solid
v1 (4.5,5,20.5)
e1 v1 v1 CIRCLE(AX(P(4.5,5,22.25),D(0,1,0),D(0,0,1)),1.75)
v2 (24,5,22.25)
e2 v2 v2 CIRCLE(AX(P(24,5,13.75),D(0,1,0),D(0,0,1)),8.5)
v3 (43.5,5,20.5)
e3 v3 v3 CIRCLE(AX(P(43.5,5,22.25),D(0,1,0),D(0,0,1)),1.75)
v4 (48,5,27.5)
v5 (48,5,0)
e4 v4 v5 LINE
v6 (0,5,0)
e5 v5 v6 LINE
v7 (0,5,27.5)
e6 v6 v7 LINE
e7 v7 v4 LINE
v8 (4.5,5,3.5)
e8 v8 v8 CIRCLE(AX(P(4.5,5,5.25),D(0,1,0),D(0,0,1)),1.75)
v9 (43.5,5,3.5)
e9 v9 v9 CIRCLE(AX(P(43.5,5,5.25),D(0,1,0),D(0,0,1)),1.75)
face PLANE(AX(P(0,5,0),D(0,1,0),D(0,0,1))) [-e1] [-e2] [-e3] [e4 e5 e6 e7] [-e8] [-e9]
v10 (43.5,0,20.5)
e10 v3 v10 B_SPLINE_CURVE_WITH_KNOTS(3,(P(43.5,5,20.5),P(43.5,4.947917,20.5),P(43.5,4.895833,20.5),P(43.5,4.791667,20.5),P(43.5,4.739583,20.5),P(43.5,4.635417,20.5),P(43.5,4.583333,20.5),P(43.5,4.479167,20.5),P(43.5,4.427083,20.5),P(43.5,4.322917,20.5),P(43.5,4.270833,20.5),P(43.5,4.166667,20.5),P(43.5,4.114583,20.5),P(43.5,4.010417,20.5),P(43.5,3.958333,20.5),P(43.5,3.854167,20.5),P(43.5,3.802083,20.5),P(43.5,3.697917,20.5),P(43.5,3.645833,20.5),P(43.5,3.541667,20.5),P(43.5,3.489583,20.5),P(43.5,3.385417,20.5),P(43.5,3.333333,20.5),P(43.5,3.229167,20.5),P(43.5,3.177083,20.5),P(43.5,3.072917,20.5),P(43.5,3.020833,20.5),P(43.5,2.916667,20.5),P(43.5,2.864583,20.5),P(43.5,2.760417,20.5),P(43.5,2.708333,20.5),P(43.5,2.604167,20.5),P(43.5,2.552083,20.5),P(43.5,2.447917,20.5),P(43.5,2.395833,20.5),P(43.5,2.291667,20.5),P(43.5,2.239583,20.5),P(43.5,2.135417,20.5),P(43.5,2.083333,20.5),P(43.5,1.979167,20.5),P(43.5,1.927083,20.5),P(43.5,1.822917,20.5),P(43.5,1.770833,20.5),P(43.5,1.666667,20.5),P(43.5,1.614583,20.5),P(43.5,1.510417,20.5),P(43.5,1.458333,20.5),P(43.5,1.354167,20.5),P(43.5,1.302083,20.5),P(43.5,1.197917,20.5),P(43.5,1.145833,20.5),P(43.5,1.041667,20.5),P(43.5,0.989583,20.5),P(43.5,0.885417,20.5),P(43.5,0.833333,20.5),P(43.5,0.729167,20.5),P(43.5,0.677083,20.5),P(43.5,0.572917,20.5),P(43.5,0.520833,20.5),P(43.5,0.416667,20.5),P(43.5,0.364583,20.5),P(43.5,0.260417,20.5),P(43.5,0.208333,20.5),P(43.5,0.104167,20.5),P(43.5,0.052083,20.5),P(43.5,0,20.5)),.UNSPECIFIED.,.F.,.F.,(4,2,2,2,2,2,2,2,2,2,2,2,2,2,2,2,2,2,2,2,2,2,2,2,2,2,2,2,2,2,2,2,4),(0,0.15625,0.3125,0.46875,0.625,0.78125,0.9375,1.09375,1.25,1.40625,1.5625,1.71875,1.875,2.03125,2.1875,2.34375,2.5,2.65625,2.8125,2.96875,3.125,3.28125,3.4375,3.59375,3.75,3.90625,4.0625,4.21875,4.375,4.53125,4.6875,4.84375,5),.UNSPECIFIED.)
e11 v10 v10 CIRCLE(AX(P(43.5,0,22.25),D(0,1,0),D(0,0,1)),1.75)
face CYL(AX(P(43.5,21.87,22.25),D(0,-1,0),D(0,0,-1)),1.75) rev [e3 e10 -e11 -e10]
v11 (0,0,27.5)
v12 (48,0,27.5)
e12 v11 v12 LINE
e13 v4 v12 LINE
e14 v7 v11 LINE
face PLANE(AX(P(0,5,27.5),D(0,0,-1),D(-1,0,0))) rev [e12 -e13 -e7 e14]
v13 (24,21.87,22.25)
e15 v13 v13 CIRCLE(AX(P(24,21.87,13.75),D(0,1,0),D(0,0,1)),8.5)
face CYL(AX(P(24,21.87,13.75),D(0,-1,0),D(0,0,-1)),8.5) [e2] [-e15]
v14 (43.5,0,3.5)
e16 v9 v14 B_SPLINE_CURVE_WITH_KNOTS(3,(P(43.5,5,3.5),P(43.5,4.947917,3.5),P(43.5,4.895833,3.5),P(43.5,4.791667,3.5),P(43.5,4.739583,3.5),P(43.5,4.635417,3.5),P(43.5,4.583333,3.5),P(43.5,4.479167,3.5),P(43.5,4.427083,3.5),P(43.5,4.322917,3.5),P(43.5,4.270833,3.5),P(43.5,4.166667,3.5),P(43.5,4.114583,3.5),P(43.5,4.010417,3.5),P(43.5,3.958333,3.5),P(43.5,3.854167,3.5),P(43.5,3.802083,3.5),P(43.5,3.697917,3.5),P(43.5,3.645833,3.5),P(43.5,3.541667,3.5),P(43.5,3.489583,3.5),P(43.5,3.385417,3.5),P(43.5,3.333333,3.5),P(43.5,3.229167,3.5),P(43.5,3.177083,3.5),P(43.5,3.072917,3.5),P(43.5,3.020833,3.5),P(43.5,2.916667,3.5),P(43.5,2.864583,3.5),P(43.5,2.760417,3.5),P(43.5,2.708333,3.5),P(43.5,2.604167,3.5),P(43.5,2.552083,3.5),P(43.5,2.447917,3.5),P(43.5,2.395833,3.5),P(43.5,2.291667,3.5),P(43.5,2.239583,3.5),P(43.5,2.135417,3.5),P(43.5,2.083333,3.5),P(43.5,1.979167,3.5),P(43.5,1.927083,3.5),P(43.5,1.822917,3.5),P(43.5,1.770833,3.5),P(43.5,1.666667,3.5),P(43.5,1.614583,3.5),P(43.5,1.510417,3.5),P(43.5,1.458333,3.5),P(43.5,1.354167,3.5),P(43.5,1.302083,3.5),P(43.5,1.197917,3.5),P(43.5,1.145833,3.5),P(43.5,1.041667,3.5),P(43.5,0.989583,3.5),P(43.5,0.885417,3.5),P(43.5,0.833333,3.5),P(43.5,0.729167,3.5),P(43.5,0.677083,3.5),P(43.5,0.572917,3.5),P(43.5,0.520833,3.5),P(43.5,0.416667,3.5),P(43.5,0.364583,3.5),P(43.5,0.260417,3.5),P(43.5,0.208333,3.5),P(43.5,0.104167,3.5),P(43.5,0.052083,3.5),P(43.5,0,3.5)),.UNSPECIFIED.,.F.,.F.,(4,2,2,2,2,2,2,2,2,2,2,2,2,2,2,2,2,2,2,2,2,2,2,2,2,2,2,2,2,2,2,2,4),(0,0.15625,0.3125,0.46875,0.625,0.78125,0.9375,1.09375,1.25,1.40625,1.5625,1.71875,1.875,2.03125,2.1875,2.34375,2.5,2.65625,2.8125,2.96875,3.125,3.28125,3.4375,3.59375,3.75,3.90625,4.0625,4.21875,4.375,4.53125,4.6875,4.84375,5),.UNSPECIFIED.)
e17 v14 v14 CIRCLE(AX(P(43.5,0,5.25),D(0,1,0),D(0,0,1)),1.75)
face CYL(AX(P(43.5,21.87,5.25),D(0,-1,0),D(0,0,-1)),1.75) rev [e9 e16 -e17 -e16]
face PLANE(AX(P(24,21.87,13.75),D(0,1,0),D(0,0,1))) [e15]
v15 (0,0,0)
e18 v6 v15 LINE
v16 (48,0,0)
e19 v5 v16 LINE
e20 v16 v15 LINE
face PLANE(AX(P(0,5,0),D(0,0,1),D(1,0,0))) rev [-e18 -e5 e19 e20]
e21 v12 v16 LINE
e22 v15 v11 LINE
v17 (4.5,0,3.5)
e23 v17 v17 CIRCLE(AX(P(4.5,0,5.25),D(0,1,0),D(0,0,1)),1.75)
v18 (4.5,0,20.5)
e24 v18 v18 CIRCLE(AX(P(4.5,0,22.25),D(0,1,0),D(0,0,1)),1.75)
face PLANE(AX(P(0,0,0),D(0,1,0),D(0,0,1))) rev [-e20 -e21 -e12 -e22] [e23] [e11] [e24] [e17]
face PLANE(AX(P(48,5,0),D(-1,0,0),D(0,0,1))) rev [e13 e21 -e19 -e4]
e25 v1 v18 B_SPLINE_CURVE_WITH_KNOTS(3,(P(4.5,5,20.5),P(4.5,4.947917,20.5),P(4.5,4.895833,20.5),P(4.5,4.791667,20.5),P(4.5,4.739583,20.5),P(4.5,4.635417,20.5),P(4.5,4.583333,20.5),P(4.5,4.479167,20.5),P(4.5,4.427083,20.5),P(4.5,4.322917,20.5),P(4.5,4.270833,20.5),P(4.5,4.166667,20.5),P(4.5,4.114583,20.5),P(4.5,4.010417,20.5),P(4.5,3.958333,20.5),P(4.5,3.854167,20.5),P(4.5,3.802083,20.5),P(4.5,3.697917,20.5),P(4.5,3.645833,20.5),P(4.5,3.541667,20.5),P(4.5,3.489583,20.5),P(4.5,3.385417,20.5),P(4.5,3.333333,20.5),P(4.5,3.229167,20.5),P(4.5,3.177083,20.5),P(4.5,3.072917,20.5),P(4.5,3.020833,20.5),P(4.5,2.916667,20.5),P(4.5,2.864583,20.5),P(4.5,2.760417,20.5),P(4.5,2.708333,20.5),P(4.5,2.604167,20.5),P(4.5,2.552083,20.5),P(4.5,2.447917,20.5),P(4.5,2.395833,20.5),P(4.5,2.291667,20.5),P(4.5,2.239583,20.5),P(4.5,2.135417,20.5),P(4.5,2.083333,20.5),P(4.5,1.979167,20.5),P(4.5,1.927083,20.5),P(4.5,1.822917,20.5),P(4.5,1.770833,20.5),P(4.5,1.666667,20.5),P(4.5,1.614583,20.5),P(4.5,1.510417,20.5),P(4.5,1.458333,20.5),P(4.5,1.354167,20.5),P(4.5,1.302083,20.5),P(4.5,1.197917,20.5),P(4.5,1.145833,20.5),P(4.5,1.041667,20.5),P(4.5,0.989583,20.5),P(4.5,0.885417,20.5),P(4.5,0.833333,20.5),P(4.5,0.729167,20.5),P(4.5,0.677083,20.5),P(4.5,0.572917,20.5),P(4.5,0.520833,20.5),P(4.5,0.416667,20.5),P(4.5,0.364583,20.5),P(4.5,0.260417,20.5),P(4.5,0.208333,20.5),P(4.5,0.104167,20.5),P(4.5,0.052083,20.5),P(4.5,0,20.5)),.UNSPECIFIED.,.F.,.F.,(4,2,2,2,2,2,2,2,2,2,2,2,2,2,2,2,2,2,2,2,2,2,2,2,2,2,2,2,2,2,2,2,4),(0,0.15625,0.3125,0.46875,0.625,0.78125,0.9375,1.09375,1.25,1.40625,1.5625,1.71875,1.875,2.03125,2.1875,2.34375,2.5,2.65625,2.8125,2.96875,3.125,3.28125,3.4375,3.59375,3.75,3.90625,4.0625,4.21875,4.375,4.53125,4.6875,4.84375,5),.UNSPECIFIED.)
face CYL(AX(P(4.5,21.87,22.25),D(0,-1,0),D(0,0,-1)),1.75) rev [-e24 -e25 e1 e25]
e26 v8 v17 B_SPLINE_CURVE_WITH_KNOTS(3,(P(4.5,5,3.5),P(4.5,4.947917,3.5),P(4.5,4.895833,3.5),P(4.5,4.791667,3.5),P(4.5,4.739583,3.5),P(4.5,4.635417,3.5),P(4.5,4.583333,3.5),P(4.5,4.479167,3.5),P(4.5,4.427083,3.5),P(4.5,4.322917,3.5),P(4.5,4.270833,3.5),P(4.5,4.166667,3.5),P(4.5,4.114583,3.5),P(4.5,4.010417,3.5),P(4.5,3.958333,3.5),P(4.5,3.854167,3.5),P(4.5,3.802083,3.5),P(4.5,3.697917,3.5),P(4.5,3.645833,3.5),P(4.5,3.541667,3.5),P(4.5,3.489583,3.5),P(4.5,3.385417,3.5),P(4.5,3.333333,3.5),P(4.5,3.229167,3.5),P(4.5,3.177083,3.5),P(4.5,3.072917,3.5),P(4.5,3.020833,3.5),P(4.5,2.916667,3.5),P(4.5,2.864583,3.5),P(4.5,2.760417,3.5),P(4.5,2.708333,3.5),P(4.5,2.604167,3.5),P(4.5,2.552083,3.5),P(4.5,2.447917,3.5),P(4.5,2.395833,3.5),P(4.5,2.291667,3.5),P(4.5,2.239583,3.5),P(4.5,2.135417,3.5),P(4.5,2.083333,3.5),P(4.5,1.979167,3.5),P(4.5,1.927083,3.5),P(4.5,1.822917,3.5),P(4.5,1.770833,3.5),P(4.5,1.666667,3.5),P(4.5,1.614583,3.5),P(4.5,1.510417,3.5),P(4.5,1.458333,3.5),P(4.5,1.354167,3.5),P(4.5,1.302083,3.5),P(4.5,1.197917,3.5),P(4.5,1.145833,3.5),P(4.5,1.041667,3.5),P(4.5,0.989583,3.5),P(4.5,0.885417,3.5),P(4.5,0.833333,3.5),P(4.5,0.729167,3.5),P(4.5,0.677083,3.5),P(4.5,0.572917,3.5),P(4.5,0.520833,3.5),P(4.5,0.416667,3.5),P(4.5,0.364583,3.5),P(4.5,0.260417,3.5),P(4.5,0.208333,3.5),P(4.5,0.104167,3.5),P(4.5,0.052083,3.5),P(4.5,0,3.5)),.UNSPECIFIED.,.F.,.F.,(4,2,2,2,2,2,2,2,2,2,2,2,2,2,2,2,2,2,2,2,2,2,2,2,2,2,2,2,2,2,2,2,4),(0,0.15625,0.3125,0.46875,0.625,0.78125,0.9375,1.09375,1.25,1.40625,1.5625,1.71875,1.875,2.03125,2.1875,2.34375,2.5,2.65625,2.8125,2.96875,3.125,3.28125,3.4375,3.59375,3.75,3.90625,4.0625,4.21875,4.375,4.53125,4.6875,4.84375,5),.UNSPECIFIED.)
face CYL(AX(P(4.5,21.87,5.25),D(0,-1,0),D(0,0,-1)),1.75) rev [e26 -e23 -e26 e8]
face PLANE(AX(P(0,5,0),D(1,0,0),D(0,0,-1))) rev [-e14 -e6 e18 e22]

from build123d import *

# Parameters (mm, degrees)
SKETCH_1_W               = 48
SKETCH_1_H               = 27.5
EXTRUDE_1_DEPTH          = 5
SKETCH_2_R               = 8.5
EXTRUDE_2_DEPTH          = 16.87
CUT_EXTRUDE_1_DEPTH      = 60.485686514
CUT_EXTRUDE_1_DEPTH_BACK = 60.485686514
SKETCH_3_R               = 1.75


with BuildPart() as part:
    # 草图1 → 凸台-拉伸1 (new body)
    with BuildSketch(Plane(origin=(0, 0, 0), x_dir=(1, 0, 0), z_dir=(0, 1, 0))):
        with Locations((24, -13.75)):
            Rectangle(SKETCH_1_W, SKETCH_1_H)
    extrude(amount=EXTRUDE_1_DEPTH)

    # 草图2 → 凸台-拉伸2 (add)
    with BuildSketch(Plane(origin=(0, 5, 0), x_dir=(1, 0, 0), z_dir=(0, 1, 0))):
        with Locations(Location((24, -13.75, 0), (0, 0, 270))):
            Circle(SKETCH_2_R)
    extrude(amount=EXTRUDE_2_DEPTH)

    # 草图3 → 切除-拉伸1 (cut, two sides: drawn at the far end of the back side and taken through both)
    with BuildSketch(Plane.XZ.offset(-CUT_EXTRUDE_1_DEPTH_BACK)):
        with Locations(Location((4.5, 22.25, 0), (0, 0, 270))):
            Circle(SKETCH_3_R)
        with Locations(Location((43.5, 22.25, 0), (0, 0, 270))):
            Circle(SKETCH_3_R)
        with Locations(Location((43.5, 5.25, 0), (0, 0, 270))):
            Circle(SKETCH_3_R)
        with Locations(Location((4.5, 5.25, 0), (0, 0, 270))):
            Circle(SKETCH_3_R)
    extrude(amount=CUT_EXTRUDE_1_DEPTH + CUT_EXTRUDE_1_DEPTH_BACK, mode=Mode.SUBTRACT)


solid = part.part
